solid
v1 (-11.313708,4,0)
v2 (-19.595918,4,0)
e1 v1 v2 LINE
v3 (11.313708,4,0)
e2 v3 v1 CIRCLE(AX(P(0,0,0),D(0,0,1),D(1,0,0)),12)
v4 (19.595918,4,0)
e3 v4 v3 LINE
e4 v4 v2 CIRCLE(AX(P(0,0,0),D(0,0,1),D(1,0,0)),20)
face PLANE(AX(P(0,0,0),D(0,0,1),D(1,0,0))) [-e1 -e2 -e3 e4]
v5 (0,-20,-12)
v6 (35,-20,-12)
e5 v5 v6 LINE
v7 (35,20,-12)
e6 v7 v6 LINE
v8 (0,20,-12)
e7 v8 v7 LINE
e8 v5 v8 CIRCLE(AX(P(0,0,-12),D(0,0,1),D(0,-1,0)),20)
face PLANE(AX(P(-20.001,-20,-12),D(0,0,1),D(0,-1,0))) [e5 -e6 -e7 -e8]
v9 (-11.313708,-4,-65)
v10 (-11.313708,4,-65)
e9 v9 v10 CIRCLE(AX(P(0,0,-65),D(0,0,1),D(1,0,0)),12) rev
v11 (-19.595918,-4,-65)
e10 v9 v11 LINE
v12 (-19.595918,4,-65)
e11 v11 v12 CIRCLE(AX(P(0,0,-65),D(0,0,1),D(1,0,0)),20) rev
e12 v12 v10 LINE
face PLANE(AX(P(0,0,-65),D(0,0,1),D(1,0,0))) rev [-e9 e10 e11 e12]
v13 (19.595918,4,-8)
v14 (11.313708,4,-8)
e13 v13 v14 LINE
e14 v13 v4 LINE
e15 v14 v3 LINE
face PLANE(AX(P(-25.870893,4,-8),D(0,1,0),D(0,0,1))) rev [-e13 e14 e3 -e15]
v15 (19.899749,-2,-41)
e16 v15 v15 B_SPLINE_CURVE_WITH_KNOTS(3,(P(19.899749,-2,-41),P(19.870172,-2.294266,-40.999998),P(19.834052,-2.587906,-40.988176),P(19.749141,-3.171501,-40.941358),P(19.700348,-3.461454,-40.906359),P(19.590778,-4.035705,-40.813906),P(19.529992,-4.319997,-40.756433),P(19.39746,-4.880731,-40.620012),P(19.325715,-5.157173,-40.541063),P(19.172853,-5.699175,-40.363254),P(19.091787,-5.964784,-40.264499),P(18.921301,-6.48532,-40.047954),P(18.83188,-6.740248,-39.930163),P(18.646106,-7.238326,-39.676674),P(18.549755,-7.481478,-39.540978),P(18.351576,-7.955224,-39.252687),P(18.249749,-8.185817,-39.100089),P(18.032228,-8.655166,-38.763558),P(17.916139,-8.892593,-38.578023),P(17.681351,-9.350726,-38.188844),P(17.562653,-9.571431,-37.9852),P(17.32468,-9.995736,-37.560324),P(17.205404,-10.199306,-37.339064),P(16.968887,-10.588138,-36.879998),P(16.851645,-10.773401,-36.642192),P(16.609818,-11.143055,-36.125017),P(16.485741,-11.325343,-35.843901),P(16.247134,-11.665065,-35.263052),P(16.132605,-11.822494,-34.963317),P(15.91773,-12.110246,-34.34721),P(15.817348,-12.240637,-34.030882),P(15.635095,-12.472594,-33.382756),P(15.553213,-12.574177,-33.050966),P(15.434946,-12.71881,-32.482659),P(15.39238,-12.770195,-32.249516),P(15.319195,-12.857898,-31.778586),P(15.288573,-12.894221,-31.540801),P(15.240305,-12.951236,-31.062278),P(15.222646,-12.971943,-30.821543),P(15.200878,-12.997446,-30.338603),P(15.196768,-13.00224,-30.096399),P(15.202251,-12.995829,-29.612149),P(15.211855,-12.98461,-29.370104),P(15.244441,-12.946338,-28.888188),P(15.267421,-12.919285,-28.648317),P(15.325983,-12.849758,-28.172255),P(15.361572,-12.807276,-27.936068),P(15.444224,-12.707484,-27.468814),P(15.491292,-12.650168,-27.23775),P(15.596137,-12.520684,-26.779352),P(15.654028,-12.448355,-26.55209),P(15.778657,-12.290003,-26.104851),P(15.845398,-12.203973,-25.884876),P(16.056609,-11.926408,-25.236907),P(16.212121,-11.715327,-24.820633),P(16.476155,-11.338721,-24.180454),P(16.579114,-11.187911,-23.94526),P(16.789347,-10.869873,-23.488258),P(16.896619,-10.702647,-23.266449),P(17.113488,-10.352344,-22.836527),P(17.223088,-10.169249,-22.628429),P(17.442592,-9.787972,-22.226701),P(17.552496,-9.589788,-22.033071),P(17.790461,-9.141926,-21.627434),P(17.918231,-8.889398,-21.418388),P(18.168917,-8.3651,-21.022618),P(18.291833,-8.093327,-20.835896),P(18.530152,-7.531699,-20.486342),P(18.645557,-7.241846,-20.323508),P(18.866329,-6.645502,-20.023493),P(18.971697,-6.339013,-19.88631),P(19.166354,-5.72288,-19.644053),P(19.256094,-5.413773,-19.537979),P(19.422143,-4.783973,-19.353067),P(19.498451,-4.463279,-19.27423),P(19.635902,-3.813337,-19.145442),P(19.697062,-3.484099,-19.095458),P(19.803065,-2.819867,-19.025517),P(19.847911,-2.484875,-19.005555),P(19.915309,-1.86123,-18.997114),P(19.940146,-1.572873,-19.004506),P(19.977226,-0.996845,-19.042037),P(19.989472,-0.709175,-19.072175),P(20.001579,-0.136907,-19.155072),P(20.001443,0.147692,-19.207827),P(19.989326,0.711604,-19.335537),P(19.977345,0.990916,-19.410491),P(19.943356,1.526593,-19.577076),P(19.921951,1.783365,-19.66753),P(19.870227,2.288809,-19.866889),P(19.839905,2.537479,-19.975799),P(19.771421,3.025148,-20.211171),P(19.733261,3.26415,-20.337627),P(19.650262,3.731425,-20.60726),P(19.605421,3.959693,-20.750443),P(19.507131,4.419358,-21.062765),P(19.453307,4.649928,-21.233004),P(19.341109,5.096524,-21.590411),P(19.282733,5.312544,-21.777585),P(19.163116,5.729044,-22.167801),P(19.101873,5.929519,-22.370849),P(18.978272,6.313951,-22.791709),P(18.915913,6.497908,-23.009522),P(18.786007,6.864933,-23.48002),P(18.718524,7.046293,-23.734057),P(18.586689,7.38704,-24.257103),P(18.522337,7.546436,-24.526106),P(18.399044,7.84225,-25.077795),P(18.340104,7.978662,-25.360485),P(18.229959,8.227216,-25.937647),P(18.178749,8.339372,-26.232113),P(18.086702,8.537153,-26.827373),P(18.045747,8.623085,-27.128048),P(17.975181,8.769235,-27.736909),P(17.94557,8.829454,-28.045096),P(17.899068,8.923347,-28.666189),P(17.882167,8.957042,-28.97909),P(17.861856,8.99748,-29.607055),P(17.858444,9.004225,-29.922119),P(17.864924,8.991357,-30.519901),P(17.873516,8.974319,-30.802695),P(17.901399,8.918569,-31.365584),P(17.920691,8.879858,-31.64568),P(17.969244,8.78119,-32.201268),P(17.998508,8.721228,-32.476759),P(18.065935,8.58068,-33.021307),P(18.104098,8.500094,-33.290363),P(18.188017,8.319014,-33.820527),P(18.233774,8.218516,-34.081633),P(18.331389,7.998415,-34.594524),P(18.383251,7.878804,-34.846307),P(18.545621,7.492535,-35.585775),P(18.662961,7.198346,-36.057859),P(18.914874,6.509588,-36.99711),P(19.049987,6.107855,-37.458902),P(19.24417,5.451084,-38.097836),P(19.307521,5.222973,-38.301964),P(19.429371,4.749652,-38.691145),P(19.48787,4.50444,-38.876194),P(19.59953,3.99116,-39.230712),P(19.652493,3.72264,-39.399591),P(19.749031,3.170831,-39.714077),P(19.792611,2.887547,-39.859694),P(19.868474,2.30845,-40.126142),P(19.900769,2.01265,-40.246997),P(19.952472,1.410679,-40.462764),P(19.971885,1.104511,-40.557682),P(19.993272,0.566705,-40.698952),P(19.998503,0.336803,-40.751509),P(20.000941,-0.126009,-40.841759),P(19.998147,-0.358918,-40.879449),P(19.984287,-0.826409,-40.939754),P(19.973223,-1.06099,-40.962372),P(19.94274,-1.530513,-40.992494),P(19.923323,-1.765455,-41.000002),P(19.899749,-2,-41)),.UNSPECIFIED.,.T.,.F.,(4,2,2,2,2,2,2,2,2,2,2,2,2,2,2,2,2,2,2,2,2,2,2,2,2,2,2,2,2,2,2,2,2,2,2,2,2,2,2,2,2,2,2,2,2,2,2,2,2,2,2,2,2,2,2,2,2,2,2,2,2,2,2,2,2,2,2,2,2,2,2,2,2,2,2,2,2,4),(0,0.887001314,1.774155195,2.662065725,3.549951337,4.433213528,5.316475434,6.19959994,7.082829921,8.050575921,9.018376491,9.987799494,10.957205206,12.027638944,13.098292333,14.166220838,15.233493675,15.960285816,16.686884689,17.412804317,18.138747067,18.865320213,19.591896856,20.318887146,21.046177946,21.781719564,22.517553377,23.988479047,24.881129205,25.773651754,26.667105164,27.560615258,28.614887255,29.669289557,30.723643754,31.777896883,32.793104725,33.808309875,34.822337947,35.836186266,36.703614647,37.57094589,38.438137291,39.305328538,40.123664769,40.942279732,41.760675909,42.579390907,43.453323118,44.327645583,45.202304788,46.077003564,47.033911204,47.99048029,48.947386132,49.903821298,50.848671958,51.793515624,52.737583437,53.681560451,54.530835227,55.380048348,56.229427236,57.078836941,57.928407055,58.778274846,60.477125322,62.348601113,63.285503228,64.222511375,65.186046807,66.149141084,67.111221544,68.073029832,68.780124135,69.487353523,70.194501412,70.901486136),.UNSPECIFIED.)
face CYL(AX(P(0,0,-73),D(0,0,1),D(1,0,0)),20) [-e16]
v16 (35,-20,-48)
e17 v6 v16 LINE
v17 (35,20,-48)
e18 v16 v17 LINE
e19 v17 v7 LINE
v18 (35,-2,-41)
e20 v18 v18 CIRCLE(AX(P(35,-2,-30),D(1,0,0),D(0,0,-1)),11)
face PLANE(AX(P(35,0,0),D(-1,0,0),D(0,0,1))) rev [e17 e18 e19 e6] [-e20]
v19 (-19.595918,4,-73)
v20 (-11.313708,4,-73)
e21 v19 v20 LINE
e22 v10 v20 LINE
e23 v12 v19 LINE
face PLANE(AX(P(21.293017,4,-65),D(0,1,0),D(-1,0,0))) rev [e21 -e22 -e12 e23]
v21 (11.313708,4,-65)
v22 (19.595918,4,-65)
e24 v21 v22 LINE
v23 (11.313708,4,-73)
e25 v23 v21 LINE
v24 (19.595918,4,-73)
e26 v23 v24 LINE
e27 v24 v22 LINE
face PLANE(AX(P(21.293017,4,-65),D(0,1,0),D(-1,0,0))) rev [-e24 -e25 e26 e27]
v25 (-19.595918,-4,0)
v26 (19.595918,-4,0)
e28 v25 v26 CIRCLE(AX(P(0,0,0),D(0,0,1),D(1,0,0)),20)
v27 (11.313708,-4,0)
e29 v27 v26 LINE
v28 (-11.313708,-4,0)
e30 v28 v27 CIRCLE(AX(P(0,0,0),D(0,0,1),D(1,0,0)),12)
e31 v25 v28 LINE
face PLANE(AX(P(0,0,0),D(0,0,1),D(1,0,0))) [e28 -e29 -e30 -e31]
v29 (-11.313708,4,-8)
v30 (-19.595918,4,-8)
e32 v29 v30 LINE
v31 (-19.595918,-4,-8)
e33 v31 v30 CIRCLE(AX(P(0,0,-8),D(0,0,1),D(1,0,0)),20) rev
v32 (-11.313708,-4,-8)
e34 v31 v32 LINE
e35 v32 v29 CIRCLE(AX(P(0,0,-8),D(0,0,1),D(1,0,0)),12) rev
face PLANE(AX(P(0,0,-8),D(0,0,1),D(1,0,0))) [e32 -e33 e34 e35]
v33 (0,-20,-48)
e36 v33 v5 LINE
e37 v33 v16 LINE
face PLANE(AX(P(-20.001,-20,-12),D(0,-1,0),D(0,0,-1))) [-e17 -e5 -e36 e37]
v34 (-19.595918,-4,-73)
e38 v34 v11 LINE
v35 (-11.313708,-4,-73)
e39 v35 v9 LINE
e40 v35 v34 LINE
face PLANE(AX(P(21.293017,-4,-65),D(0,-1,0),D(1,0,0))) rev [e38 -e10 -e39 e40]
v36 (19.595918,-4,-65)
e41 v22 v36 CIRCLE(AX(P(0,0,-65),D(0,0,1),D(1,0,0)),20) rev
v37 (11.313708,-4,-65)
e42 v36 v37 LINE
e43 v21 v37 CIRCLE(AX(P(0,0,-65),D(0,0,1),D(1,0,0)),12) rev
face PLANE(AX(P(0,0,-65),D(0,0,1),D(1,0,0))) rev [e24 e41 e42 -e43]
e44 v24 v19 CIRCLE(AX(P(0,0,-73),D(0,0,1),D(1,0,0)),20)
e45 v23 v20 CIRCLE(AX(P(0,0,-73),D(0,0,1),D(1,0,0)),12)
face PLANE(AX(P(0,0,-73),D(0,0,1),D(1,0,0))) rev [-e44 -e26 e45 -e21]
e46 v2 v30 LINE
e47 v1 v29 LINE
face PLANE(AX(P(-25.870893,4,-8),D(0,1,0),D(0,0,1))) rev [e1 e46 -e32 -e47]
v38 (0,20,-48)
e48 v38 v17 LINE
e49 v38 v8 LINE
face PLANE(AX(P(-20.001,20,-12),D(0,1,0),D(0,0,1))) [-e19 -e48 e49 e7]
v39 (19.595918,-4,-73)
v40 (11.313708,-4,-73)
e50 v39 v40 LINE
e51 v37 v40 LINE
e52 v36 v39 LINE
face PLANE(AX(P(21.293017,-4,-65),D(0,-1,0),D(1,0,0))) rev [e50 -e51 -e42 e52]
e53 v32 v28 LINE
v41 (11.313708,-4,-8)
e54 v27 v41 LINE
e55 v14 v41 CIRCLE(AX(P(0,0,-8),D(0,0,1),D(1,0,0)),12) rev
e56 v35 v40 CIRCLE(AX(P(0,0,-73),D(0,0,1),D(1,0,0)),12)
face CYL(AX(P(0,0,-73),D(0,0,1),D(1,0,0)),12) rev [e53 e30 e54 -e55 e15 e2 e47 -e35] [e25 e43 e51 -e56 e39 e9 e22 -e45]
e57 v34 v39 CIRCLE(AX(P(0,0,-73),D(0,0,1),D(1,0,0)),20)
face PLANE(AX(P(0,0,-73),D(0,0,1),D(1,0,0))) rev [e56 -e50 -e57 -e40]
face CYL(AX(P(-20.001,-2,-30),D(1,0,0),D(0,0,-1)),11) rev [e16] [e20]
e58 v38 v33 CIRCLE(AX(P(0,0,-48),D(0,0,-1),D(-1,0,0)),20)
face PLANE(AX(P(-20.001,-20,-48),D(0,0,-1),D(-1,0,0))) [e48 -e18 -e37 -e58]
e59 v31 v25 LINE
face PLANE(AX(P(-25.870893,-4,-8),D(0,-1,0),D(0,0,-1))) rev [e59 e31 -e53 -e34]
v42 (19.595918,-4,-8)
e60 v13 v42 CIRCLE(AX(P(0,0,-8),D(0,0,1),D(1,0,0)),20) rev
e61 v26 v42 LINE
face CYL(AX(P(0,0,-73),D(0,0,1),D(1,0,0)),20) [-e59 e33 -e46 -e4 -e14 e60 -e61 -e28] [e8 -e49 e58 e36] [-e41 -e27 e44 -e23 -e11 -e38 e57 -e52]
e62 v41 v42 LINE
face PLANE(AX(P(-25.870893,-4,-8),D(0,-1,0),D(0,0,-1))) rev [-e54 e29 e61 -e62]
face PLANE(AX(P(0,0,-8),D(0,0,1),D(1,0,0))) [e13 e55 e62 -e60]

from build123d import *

# Parameters (mm, degrees)
SKETCH1_R           = 20
SKETCH1_R_2         = 12
BOSS_EXTRUDE1_DEPTH = 73
BOSS_EXTRUDE2_REACH = 57
SKETCH2_W           = 36
SKETCH2_H           = 40
SKETCH2_R           = 11
SKETCH4_W           = 48.323472828
SKETCH4_H           = 8
CUT_EXTRUDE1_DEPTH  = 8
SKETCH5_W           = 42.586033238
SKETCH5_H           = 8
CUT_EXTRUDE2_DEPTH  = 8


with BuildPart() as part:
    # Sketch1 → Boss-Extrude1 (new body)
    with BuildSketch(Plane.XY):
        Circle(SKETCH1_R)
        Circle(SKETCH1_R_2, mode=Mode.SUBTRACT)
    extrude(amount=-BOSS_EXTRUDE1_DEPTH)

    # Sketch2 → Boss-Extrude2 (add, up to next)
    with BuildSketch(Plane(origin=(35, 0, 0), x_dir=(0, 0, -1), z_dir=(1, 0, 0)), mode=Mode.PRIVATE) as boss_extrude2_sk1:
        with Locations((30, 0)):
            Rectangle(SKETCH2_W, SKETCH2_H)
        with Locations((30, -2)):
            Circle(SKETCH2_R, mode=Mode.SUBTRACT)
    boss_extrude2_tool1 = extrude(boss_extrude2_sk1.sketch, amount=-BOSS_EXTRUDE2_REACH, mode=Mode.PRIVATE) - part.part
    add(boss_extrude2_tool1.solids().sort_by_distance((35, -19.461855, -30))[0])

    # Sketch4 → Cut-Extrude1 (cut)
    with BuildSketch(Plane.XY):
        with Locations((-1.709156929, 0)):
            Rectangle(SKETCH4_W, SKETCH4_H)
    extrude(amount=-CUT_EXTRUDE1_DEPTH, mode=Mode.SUBTRACT)

    # Sketch5 → Cut-Extrude2 (cut)
    with BuildSketch(Plane(origin=(0, 0, -73), x_dir=(-1, 0, 0), z_dir=(0, 0, -1))):
        Rectangle(SKETCH5_W, SKETCH5_H)
    extrude(amount=-CUT_EXTRUDE2_DEPTH, mode=Mode.SUBTRACT)


solid = part.part
